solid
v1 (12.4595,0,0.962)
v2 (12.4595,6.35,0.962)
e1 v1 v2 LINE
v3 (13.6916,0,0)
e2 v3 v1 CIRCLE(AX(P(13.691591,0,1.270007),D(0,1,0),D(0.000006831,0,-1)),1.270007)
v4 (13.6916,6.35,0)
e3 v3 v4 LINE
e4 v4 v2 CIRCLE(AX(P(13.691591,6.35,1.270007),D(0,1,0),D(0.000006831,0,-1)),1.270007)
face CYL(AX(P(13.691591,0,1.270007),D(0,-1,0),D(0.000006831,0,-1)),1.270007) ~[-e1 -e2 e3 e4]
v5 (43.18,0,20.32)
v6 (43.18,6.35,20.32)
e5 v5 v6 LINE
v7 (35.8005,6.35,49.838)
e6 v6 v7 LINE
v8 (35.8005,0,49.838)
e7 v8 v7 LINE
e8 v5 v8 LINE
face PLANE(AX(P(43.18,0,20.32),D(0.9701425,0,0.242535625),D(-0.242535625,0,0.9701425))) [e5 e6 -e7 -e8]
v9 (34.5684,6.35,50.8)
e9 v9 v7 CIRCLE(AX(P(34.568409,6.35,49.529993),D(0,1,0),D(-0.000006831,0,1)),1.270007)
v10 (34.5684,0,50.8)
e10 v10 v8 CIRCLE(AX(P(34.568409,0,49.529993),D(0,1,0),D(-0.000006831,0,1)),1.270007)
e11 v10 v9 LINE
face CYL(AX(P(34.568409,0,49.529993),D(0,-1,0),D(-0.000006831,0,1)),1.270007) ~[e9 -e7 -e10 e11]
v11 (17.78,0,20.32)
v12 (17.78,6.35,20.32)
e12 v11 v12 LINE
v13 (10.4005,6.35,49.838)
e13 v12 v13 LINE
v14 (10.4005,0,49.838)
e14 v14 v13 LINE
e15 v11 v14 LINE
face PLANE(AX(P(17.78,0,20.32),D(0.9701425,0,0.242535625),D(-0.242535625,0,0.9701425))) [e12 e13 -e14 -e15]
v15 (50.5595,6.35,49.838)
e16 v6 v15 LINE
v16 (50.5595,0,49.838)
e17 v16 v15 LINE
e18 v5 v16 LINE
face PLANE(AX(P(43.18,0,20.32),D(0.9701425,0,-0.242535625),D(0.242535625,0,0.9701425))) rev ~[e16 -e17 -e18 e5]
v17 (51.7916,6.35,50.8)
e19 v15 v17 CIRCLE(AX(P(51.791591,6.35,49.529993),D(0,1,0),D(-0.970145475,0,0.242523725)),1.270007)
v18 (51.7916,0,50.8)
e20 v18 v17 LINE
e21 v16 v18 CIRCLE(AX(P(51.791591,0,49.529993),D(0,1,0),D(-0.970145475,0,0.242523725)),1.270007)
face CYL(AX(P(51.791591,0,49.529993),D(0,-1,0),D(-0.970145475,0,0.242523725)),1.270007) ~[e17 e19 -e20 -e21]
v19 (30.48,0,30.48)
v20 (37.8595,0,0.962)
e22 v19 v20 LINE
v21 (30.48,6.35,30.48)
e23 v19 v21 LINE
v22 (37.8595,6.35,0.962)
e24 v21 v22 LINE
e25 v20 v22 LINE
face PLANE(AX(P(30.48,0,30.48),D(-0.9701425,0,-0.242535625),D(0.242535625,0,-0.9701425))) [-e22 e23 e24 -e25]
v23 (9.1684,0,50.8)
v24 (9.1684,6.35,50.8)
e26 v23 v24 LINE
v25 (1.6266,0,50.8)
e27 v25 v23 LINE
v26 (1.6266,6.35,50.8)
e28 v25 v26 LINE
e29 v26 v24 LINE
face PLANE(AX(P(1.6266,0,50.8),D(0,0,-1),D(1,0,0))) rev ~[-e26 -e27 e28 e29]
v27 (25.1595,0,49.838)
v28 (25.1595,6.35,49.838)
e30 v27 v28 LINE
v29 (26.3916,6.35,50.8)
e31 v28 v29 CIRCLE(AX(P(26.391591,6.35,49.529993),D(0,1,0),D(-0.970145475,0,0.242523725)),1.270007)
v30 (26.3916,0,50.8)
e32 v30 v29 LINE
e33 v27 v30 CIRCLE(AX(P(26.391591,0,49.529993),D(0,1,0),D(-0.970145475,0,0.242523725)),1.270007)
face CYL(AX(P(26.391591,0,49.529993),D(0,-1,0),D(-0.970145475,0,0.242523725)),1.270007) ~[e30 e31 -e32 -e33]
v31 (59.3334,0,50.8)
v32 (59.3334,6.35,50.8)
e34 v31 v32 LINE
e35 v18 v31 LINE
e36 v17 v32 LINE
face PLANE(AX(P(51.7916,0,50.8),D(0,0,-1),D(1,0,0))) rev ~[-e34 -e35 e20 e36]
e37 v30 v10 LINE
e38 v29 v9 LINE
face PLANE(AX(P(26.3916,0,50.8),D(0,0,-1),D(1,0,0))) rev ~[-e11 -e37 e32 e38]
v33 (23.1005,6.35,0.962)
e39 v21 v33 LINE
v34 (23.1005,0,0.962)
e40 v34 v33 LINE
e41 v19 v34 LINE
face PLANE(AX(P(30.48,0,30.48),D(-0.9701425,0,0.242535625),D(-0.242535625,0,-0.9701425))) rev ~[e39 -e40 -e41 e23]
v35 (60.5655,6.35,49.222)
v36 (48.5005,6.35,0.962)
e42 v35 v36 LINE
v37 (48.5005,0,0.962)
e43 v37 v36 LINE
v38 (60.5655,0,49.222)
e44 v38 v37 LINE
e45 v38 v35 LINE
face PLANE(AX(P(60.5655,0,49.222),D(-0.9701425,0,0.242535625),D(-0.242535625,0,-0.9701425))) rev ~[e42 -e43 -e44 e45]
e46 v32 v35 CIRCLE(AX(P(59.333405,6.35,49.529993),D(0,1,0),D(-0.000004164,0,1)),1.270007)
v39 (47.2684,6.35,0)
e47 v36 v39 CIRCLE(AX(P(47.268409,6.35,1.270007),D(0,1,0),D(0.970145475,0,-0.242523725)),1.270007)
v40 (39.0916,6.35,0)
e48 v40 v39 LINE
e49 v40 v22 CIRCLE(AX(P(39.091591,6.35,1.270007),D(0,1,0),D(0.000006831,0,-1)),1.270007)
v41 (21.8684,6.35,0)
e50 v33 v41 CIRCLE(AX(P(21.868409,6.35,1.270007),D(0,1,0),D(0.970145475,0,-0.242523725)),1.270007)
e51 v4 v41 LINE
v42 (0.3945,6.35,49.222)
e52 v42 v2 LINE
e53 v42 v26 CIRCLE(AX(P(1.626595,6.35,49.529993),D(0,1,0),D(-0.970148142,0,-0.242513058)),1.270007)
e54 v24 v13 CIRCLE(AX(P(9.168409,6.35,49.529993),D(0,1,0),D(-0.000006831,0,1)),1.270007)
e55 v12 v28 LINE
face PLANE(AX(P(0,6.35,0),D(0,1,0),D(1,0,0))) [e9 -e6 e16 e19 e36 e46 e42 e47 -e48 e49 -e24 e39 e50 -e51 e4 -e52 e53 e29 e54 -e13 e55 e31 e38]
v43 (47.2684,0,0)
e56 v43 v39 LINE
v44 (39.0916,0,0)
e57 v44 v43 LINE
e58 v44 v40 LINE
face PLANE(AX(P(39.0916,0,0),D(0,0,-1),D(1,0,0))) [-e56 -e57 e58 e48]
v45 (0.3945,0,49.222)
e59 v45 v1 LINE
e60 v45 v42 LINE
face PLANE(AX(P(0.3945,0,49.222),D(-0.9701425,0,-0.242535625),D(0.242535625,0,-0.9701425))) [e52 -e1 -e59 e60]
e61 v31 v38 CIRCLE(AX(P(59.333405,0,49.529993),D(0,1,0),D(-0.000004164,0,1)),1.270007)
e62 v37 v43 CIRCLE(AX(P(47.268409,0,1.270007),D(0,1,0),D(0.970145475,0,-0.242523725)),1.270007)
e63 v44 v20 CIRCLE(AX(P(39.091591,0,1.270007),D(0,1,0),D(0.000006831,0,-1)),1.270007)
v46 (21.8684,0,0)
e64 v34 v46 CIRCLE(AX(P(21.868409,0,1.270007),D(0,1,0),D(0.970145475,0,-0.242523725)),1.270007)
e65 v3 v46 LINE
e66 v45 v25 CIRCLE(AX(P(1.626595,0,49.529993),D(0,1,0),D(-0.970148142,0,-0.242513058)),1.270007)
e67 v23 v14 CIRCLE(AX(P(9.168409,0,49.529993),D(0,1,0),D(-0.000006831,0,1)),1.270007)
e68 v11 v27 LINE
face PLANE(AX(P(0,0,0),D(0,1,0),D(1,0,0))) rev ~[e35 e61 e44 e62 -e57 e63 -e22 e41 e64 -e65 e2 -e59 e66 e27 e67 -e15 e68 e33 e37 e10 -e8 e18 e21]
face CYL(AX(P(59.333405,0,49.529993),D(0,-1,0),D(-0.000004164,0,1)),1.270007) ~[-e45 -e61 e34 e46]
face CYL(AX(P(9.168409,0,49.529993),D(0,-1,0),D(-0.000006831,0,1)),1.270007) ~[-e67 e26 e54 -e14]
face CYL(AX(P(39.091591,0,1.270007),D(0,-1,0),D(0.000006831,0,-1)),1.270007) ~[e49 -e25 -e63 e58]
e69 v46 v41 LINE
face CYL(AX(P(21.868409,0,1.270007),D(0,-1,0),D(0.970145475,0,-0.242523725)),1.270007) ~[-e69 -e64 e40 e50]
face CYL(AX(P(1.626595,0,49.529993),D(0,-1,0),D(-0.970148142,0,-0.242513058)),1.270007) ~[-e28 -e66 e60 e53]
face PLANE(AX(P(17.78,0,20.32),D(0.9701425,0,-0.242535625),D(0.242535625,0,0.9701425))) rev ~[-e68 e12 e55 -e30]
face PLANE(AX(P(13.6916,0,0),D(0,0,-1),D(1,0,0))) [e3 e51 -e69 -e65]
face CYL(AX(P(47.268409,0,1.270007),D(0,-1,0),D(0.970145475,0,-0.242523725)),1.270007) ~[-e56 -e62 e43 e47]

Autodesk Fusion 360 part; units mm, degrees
sketch "Sketch1" plane through (0, 0, 0) normal (0, 1, 0) x (1, 0, 0)
  line L0 (1.6266, -50.8) -> (9.1684, -50.8)
  line L1 (0.3945, -49.222) -> (12.4595, -0.962)
  line L2 (13.6916, 0) -> (21.8684, 0)
  line L3 (26.3916, -50.8) -> (34.5684, -50.8)
  line L4 (30.48, -30.48) -> (23.1005, -0.962)
  line L5 (30.48, -30.48) -> (37.8595, -0.962)
  line L6 (39.0916, 0) -> (47.2684, 0)
  line L7 (43.18, -20.32) -> (35.8005, -49.838)
  line L8 (43.18, -20.32) -> (50.5595, -49.838)
  line L9 (51.7916, -50.8) -> (59.3334, -50.8)
  line L10 (60.5655, -49.222) -> (48.5005, -0.962)
  arc A0 (0.3945, -49.222) -> (1.6266, -50.8) centre (1.6266, -49.53) ccw
  arc A1 (9.1684, -50.8) -> (10.4005, -49.838) centre (9.1684, -49.53) ccw
  arc A2 (13.6916, 0) -> (12.4595, -0.962) centre (13.6916, -1.27) ccw
  arc A3 (23.1005, -0.962) -> (21.8684, 0) centre (21.8684, -1.27) ccw
  arc A4 (39.0916, 0) -> (37.8595, -0.962) centre (39.0916, -1.27) ccw
  arc A5 (48.5005, -0.962) -> (47.2684, 0) centre (47.2684, -1.27) ccw
  arc A6 (59.3334, -50.8) -> (60.5655, -49.222) centre (59.3334, -49.53) ccw
  arc A7 (50.5595, -49.838) -> (51.7916, -50.8) centre (51.7916, -49.53) ccw
  arc A8 (34.5684, -50.8) -> (35.8005, -49.838) centre (34.5684, -49.53) ccw
  arc A9 (25.1595, -49.838) -> (26.3916, -50.8) centre (26.3916, -49.53) ccw
  line L11 (17.78, -20.32) -> (10.4005, -49.838)
  line L12 (17.78, -20.32) -> (25.1595, -49.838)
  dimension "d1" = 1.27
extrude "Extrude1" add sketch "Sketch1" along normal blind 6.35
